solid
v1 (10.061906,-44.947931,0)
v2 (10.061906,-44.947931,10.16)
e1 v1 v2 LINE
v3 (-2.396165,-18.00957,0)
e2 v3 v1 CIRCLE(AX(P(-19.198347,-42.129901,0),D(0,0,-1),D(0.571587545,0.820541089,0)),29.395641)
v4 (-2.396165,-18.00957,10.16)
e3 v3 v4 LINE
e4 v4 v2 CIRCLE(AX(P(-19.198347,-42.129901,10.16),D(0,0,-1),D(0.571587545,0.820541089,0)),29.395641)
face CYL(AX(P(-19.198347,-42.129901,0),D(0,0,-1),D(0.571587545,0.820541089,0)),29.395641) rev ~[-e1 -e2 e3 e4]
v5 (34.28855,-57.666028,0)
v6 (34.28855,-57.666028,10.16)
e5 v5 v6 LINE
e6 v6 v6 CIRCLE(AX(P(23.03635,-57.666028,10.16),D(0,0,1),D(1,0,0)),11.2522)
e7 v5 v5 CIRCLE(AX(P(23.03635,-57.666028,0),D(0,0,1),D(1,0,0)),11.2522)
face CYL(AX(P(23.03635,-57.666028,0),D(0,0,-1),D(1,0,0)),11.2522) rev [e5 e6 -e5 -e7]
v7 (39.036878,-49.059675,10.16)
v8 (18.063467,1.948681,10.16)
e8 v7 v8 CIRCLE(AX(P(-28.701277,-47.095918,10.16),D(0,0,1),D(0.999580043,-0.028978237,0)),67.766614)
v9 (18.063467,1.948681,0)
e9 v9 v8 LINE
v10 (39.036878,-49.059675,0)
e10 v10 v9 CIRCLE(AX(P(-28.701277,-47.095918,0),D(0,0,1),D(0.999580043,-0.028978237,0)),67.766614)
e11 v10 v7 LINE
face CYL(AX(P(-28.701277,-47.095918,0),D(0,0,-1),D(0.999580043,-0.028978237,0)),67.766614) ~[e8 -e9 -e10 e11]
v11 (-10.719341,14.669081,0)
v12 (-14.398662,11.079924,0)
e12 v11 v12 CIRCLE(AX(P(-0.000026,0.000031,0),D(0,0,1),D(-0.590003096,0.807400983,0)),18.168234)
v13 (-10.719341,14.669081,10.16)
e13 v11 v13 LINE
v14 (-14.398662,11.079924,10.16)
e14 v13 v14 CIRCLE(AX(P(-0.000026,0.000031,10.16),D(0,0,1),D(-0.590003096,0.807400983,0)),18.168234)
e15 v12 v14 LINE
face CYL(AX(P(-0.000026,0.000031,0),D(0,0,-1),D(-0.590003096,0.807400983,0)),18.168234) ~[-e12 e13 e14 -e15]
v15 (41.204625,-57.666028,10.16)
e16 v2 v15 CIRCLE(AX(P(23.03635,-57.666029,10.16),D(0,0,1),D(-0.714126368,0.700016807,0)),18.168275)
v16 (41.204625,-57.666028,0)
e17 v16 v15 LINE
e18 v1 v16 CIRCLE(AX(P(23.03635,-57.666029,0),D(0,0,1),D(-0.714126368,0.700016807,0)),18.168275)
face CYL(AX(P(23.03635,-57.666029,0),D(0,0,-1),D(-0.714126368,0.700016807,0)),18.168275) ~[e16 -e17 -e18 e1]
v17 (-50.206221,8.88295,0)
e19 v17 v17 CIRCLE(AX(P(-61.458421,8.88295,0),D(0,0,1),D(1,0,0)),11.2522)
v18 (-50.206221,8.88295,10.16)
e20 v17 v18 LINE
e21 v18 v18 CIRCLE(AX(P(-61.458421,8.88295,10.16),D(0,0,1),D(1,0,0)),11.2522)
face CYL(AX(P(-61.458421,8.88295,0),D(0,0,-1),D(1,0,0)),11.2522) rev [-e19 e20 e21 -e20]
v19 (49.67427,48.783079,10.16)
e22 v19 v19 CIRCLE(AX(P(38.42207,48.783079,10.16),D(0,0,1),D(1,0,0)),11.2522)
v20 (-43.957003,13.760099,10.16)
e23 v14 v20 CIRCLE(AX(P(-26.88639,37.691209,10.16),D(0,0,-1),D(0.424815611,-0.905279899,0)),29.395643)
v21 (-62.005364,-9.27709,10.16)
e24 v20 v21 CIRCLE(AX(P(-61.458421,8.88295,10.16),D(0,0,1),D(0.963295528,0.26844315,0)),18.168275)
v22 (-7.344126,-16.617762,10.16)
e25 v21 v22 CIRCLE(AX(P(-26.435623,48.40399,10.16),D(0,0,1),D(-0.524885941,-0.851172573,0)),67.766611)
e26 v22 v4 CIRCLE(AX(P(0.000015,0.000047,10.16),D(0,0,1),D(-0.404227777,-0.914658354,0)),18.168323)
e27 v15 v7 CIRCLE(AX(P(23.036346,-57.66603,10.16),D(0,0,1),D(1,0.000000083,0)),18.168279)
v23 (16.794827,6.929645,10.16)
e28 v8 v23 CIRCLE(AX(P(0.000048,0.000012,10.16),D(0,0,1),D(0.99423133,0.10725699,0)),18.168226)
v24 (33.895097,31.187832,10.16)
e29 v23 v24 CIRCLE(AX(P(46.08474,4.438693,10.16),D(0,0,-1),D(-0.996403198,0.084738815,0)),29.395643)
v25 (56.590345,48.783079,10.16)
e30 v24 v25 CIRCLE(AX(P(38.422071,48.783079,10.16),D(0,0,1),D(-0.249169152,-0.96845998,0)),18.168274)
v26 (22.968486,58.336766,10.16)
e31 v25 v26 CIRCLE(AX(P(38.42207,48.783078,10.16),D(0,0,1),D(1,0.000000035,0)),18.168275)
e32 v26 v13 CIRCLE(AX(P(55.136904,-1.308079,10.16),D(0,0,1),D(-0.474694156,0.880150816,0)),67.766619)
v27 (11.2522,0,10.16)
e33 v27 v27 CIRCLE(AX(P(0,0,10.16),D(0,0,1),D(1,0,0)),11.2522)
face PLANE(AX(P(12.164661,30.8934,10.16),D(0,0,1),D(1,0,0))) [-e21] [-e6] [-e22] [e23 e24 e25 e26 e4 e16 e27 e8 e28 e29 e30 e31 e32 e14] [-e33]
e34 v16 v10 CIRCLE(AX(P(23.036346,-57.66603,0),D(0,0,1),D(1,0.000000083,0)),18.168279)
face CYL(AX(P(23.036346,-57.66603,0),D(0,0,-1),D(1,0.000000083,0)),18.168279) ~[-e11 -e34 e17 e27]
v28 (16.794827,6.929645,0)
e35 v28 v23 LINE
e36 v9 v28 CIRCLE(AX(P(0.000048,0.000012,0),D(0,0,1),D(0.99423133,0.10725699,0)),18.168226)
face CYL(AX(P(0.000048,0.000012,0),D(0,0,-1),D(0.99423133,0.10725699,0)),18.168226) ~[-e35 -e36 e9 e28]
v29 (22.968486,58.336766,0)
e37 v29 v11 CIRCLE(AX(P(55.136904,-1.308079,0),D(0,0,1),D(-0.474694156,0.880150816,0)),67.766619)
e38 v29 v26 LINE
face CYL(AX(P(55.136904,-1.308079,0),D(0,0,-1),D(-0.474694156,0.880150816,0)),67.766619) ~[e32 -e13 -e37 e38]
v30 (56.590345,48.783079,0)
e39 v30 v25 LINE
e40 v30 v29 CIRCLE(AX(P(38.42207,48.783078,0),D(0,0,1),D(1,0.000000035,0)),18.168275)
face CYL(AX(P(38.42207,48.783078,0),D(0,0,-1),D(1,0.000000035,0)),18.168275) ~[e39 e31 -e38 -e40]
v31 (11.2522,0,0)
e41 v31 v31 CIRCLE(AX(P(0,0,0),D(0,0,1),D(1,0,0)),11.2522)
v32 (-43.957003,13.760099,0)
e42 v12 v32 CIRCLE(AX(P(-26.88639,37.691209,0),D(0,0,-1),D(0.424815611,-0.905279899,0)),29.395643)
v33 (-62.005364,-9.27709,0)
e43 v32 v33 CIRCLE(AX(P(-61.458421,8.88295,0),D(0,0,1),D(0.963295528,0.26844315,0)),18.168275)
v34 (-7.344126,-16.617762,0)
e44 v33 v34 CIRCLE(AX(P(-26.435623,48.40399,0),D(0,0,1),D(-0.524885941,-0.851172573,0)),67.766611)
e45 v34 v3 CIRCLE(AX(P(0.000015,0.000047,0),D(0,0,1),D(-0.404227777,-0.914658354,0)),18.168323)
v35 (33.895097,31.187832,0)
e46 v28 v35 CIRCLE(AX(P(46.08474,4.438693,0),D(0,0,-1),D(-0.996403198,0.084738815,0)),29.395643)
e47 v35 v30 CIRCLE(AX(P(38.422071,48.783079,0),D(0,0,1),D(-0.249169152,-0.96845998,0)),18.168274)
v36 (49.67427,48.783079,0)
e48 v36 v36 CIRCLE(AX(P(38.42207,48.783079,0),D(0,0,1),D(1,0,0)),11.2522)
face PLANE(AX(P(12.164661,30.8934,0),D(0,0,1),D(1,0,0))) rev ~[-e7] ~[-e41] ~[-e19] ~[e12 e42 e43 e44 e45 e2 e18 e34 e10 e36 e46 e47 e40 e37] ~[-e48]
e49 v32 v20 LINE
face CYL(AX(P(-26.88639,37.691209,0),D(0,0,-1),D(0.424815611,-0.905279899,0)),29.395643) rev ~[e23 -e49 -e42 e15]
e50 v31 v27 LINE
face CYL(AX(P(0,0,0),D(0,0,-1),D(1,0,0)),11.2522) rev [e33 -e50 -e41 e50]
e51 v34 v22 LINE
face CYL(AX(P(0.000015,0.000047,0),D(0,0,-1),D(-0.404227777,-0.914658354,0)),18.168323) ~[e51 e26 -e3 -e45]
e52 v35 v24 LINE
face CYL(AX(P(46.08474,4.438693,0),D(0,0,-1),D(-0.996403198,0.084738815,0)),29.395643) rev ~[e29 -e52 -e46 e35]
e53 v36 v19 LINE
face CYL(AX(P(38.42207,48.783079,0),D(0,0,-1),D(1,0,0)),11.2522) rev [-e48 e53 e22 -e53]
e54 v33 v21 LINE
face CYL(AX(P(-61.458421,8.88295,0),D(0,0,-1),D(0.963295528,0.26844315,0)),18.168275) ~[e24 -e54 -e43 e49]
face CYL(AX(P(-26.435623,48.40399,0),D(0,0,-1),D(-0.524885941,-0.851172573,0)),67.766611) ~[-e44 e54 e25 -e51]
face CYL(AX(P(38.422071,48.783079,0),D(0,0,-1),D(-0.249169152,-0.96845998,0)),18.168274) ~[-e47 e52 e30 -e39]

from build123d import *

# Parameters (mm, degrees)
F0_R     = 11.2522
F1_DEPTH = 10.16


with BuildPart() as f1:
    # F0 (on Top) → F1 (new body)
    with BuildSketch(Plane.XY):
        with BuildLine():
            ThreePointArc((-10.719341, 14.669081), (4.919614, 17.489528), (16.794827, 6.929645))
            ThreePointArc((16.794827, 6.929645), (22.058644, 21.375356), (33.895097, 31.187832))
            ThreePointArc((33.895097, 31.187832), (21.56764, 41.999689), (22.968486, 58.336766))
            ThreePointArc((22.968486, 58.336766), (1.481286, 40.085028), (-10.719341, 14.669081))
        make_face()
        with BuildLine():
            ThreePointArc((22.968486, 58.336766), (21.56764, 41.999689), (33.895097, 31.187832))
            ThreePointArc((33.895097, 31.187832), (49.553982, 34.424571), (56.590345, 48.783079))
            ThreePointArc((56.590345, 48.783079), (43.388016, 66.259508), (22.968486, 58.336766))
        make_face()
        with Locations((38.42207, 48.783079)):
            Circle(F0_R, mode=Mode.SUBTRACT)
        with BuildLine():
            ThreePointArc((18.063467, 1.948681), (18.142054, 0.975749), (18.168275, 0))
            ThreePointArc((18.168275, 0), (11.969796, -13.667852), (-2.396165, -18.00957))
            ThreePointArc((-2.396165, -18.00957), (7.482279, -29.791024), (10.061906, -44.947931))
            ThreePointArc((10.061906, -44.947931), (25.588977, -39.677969), (39.036878, -49.059675))
            ThreePointArc((39.036878, -49.059675), (33.97401, -21.325346), (18.063467, 1.948681))
        make_face()
        with BuildLine():
            ThreePointArc((-2.396165, -18.00957), (11.969796, -13.667852), (18.168275, 0))
            ThreePointArc((18.168275, 0), (18.142054, 0.975749), (18.063467, 1.948681))
            ThreePointArc((18.063467, 1.948681), (17.606183, 4.484254), (16.794827, 6.929645))
            ThreePointArc((16.794827, 6.929645), (4.919614, 17.489528), (-10.719341, 14.669081))
            ThreePointArc((-10.719341, 14.669081), (-12.686569, 13.005275), (-14.398662, 11.079924))
            ThreePointArc((-14.398662, 11.079924), (-17.606183, -4.484254), (-7.344126, -16.617762))
            ThreePointArc((-7.344126, -16.617762), (-4.919614, -17.489528), (-2.396165, -18.00957))
        make_face()
        Circle(F0_R, mode=Mode.SUBTRACT)
        with BuildLine():
            ThreePointArc((-43.957003, 13.760099), (-75.760224, 20.08762), (-62.005364, -9.27709))
            ThreePointArc((-62.005364, -9.27709), (-48.806362, -4.1559), (-43.290146, 8.88295))
            ThreePointArc((-43.290146, 8.88295), (-43.457632, 11.344214), (-43.957003, 13.760099))
        make_face()
        with Locations((-61.458421, 8.88295)):
            Circle(F0_R, mode=Mode.SUBTRACT)
        with BuildLine():
            ThreePointArc((-62.005364, -9.27709), (-35.455296, -18.759683), (-7.344126, -16.617762))
            ThreePointArc((-7.344126, -16.617762), (-17.606183, -4.484254), (-14.398662, 11.079924))
            ThreePointArc((-14.398662, 11.079924), (-29.540923, 8.415668), (-43.957003, 13.760099))
            ThreePointArc((-43.957003, 13.760099), (-43.457632, 11.344214), (-43.290146, 8.88295))
            ThreePointArc((-43.290146, 8.88295), (-48.806362, -4.1559), (-62.005364, -9.27709))
        make_face()
        with BuildLine():
            ThreePointArc((41.204625, -57.666028), (40.654355, -53.228449), (39.036878, -49.059675))
            ThreePointArc((39.036878, -49.059675), (25.588977, -39.677969), (10.061906, -44.947931))
            ThreePointArc((10.061906, -44.947931), (16.167473, -74.485801), (41.204625, -57.666028))
        make_face()
        with Locations((23.03635, -57.666028)):
            Circle(F0_R, mode=Mode.SUBTRACT)
    extrude(amount=F1_DEPTH)


solid = f1.part
